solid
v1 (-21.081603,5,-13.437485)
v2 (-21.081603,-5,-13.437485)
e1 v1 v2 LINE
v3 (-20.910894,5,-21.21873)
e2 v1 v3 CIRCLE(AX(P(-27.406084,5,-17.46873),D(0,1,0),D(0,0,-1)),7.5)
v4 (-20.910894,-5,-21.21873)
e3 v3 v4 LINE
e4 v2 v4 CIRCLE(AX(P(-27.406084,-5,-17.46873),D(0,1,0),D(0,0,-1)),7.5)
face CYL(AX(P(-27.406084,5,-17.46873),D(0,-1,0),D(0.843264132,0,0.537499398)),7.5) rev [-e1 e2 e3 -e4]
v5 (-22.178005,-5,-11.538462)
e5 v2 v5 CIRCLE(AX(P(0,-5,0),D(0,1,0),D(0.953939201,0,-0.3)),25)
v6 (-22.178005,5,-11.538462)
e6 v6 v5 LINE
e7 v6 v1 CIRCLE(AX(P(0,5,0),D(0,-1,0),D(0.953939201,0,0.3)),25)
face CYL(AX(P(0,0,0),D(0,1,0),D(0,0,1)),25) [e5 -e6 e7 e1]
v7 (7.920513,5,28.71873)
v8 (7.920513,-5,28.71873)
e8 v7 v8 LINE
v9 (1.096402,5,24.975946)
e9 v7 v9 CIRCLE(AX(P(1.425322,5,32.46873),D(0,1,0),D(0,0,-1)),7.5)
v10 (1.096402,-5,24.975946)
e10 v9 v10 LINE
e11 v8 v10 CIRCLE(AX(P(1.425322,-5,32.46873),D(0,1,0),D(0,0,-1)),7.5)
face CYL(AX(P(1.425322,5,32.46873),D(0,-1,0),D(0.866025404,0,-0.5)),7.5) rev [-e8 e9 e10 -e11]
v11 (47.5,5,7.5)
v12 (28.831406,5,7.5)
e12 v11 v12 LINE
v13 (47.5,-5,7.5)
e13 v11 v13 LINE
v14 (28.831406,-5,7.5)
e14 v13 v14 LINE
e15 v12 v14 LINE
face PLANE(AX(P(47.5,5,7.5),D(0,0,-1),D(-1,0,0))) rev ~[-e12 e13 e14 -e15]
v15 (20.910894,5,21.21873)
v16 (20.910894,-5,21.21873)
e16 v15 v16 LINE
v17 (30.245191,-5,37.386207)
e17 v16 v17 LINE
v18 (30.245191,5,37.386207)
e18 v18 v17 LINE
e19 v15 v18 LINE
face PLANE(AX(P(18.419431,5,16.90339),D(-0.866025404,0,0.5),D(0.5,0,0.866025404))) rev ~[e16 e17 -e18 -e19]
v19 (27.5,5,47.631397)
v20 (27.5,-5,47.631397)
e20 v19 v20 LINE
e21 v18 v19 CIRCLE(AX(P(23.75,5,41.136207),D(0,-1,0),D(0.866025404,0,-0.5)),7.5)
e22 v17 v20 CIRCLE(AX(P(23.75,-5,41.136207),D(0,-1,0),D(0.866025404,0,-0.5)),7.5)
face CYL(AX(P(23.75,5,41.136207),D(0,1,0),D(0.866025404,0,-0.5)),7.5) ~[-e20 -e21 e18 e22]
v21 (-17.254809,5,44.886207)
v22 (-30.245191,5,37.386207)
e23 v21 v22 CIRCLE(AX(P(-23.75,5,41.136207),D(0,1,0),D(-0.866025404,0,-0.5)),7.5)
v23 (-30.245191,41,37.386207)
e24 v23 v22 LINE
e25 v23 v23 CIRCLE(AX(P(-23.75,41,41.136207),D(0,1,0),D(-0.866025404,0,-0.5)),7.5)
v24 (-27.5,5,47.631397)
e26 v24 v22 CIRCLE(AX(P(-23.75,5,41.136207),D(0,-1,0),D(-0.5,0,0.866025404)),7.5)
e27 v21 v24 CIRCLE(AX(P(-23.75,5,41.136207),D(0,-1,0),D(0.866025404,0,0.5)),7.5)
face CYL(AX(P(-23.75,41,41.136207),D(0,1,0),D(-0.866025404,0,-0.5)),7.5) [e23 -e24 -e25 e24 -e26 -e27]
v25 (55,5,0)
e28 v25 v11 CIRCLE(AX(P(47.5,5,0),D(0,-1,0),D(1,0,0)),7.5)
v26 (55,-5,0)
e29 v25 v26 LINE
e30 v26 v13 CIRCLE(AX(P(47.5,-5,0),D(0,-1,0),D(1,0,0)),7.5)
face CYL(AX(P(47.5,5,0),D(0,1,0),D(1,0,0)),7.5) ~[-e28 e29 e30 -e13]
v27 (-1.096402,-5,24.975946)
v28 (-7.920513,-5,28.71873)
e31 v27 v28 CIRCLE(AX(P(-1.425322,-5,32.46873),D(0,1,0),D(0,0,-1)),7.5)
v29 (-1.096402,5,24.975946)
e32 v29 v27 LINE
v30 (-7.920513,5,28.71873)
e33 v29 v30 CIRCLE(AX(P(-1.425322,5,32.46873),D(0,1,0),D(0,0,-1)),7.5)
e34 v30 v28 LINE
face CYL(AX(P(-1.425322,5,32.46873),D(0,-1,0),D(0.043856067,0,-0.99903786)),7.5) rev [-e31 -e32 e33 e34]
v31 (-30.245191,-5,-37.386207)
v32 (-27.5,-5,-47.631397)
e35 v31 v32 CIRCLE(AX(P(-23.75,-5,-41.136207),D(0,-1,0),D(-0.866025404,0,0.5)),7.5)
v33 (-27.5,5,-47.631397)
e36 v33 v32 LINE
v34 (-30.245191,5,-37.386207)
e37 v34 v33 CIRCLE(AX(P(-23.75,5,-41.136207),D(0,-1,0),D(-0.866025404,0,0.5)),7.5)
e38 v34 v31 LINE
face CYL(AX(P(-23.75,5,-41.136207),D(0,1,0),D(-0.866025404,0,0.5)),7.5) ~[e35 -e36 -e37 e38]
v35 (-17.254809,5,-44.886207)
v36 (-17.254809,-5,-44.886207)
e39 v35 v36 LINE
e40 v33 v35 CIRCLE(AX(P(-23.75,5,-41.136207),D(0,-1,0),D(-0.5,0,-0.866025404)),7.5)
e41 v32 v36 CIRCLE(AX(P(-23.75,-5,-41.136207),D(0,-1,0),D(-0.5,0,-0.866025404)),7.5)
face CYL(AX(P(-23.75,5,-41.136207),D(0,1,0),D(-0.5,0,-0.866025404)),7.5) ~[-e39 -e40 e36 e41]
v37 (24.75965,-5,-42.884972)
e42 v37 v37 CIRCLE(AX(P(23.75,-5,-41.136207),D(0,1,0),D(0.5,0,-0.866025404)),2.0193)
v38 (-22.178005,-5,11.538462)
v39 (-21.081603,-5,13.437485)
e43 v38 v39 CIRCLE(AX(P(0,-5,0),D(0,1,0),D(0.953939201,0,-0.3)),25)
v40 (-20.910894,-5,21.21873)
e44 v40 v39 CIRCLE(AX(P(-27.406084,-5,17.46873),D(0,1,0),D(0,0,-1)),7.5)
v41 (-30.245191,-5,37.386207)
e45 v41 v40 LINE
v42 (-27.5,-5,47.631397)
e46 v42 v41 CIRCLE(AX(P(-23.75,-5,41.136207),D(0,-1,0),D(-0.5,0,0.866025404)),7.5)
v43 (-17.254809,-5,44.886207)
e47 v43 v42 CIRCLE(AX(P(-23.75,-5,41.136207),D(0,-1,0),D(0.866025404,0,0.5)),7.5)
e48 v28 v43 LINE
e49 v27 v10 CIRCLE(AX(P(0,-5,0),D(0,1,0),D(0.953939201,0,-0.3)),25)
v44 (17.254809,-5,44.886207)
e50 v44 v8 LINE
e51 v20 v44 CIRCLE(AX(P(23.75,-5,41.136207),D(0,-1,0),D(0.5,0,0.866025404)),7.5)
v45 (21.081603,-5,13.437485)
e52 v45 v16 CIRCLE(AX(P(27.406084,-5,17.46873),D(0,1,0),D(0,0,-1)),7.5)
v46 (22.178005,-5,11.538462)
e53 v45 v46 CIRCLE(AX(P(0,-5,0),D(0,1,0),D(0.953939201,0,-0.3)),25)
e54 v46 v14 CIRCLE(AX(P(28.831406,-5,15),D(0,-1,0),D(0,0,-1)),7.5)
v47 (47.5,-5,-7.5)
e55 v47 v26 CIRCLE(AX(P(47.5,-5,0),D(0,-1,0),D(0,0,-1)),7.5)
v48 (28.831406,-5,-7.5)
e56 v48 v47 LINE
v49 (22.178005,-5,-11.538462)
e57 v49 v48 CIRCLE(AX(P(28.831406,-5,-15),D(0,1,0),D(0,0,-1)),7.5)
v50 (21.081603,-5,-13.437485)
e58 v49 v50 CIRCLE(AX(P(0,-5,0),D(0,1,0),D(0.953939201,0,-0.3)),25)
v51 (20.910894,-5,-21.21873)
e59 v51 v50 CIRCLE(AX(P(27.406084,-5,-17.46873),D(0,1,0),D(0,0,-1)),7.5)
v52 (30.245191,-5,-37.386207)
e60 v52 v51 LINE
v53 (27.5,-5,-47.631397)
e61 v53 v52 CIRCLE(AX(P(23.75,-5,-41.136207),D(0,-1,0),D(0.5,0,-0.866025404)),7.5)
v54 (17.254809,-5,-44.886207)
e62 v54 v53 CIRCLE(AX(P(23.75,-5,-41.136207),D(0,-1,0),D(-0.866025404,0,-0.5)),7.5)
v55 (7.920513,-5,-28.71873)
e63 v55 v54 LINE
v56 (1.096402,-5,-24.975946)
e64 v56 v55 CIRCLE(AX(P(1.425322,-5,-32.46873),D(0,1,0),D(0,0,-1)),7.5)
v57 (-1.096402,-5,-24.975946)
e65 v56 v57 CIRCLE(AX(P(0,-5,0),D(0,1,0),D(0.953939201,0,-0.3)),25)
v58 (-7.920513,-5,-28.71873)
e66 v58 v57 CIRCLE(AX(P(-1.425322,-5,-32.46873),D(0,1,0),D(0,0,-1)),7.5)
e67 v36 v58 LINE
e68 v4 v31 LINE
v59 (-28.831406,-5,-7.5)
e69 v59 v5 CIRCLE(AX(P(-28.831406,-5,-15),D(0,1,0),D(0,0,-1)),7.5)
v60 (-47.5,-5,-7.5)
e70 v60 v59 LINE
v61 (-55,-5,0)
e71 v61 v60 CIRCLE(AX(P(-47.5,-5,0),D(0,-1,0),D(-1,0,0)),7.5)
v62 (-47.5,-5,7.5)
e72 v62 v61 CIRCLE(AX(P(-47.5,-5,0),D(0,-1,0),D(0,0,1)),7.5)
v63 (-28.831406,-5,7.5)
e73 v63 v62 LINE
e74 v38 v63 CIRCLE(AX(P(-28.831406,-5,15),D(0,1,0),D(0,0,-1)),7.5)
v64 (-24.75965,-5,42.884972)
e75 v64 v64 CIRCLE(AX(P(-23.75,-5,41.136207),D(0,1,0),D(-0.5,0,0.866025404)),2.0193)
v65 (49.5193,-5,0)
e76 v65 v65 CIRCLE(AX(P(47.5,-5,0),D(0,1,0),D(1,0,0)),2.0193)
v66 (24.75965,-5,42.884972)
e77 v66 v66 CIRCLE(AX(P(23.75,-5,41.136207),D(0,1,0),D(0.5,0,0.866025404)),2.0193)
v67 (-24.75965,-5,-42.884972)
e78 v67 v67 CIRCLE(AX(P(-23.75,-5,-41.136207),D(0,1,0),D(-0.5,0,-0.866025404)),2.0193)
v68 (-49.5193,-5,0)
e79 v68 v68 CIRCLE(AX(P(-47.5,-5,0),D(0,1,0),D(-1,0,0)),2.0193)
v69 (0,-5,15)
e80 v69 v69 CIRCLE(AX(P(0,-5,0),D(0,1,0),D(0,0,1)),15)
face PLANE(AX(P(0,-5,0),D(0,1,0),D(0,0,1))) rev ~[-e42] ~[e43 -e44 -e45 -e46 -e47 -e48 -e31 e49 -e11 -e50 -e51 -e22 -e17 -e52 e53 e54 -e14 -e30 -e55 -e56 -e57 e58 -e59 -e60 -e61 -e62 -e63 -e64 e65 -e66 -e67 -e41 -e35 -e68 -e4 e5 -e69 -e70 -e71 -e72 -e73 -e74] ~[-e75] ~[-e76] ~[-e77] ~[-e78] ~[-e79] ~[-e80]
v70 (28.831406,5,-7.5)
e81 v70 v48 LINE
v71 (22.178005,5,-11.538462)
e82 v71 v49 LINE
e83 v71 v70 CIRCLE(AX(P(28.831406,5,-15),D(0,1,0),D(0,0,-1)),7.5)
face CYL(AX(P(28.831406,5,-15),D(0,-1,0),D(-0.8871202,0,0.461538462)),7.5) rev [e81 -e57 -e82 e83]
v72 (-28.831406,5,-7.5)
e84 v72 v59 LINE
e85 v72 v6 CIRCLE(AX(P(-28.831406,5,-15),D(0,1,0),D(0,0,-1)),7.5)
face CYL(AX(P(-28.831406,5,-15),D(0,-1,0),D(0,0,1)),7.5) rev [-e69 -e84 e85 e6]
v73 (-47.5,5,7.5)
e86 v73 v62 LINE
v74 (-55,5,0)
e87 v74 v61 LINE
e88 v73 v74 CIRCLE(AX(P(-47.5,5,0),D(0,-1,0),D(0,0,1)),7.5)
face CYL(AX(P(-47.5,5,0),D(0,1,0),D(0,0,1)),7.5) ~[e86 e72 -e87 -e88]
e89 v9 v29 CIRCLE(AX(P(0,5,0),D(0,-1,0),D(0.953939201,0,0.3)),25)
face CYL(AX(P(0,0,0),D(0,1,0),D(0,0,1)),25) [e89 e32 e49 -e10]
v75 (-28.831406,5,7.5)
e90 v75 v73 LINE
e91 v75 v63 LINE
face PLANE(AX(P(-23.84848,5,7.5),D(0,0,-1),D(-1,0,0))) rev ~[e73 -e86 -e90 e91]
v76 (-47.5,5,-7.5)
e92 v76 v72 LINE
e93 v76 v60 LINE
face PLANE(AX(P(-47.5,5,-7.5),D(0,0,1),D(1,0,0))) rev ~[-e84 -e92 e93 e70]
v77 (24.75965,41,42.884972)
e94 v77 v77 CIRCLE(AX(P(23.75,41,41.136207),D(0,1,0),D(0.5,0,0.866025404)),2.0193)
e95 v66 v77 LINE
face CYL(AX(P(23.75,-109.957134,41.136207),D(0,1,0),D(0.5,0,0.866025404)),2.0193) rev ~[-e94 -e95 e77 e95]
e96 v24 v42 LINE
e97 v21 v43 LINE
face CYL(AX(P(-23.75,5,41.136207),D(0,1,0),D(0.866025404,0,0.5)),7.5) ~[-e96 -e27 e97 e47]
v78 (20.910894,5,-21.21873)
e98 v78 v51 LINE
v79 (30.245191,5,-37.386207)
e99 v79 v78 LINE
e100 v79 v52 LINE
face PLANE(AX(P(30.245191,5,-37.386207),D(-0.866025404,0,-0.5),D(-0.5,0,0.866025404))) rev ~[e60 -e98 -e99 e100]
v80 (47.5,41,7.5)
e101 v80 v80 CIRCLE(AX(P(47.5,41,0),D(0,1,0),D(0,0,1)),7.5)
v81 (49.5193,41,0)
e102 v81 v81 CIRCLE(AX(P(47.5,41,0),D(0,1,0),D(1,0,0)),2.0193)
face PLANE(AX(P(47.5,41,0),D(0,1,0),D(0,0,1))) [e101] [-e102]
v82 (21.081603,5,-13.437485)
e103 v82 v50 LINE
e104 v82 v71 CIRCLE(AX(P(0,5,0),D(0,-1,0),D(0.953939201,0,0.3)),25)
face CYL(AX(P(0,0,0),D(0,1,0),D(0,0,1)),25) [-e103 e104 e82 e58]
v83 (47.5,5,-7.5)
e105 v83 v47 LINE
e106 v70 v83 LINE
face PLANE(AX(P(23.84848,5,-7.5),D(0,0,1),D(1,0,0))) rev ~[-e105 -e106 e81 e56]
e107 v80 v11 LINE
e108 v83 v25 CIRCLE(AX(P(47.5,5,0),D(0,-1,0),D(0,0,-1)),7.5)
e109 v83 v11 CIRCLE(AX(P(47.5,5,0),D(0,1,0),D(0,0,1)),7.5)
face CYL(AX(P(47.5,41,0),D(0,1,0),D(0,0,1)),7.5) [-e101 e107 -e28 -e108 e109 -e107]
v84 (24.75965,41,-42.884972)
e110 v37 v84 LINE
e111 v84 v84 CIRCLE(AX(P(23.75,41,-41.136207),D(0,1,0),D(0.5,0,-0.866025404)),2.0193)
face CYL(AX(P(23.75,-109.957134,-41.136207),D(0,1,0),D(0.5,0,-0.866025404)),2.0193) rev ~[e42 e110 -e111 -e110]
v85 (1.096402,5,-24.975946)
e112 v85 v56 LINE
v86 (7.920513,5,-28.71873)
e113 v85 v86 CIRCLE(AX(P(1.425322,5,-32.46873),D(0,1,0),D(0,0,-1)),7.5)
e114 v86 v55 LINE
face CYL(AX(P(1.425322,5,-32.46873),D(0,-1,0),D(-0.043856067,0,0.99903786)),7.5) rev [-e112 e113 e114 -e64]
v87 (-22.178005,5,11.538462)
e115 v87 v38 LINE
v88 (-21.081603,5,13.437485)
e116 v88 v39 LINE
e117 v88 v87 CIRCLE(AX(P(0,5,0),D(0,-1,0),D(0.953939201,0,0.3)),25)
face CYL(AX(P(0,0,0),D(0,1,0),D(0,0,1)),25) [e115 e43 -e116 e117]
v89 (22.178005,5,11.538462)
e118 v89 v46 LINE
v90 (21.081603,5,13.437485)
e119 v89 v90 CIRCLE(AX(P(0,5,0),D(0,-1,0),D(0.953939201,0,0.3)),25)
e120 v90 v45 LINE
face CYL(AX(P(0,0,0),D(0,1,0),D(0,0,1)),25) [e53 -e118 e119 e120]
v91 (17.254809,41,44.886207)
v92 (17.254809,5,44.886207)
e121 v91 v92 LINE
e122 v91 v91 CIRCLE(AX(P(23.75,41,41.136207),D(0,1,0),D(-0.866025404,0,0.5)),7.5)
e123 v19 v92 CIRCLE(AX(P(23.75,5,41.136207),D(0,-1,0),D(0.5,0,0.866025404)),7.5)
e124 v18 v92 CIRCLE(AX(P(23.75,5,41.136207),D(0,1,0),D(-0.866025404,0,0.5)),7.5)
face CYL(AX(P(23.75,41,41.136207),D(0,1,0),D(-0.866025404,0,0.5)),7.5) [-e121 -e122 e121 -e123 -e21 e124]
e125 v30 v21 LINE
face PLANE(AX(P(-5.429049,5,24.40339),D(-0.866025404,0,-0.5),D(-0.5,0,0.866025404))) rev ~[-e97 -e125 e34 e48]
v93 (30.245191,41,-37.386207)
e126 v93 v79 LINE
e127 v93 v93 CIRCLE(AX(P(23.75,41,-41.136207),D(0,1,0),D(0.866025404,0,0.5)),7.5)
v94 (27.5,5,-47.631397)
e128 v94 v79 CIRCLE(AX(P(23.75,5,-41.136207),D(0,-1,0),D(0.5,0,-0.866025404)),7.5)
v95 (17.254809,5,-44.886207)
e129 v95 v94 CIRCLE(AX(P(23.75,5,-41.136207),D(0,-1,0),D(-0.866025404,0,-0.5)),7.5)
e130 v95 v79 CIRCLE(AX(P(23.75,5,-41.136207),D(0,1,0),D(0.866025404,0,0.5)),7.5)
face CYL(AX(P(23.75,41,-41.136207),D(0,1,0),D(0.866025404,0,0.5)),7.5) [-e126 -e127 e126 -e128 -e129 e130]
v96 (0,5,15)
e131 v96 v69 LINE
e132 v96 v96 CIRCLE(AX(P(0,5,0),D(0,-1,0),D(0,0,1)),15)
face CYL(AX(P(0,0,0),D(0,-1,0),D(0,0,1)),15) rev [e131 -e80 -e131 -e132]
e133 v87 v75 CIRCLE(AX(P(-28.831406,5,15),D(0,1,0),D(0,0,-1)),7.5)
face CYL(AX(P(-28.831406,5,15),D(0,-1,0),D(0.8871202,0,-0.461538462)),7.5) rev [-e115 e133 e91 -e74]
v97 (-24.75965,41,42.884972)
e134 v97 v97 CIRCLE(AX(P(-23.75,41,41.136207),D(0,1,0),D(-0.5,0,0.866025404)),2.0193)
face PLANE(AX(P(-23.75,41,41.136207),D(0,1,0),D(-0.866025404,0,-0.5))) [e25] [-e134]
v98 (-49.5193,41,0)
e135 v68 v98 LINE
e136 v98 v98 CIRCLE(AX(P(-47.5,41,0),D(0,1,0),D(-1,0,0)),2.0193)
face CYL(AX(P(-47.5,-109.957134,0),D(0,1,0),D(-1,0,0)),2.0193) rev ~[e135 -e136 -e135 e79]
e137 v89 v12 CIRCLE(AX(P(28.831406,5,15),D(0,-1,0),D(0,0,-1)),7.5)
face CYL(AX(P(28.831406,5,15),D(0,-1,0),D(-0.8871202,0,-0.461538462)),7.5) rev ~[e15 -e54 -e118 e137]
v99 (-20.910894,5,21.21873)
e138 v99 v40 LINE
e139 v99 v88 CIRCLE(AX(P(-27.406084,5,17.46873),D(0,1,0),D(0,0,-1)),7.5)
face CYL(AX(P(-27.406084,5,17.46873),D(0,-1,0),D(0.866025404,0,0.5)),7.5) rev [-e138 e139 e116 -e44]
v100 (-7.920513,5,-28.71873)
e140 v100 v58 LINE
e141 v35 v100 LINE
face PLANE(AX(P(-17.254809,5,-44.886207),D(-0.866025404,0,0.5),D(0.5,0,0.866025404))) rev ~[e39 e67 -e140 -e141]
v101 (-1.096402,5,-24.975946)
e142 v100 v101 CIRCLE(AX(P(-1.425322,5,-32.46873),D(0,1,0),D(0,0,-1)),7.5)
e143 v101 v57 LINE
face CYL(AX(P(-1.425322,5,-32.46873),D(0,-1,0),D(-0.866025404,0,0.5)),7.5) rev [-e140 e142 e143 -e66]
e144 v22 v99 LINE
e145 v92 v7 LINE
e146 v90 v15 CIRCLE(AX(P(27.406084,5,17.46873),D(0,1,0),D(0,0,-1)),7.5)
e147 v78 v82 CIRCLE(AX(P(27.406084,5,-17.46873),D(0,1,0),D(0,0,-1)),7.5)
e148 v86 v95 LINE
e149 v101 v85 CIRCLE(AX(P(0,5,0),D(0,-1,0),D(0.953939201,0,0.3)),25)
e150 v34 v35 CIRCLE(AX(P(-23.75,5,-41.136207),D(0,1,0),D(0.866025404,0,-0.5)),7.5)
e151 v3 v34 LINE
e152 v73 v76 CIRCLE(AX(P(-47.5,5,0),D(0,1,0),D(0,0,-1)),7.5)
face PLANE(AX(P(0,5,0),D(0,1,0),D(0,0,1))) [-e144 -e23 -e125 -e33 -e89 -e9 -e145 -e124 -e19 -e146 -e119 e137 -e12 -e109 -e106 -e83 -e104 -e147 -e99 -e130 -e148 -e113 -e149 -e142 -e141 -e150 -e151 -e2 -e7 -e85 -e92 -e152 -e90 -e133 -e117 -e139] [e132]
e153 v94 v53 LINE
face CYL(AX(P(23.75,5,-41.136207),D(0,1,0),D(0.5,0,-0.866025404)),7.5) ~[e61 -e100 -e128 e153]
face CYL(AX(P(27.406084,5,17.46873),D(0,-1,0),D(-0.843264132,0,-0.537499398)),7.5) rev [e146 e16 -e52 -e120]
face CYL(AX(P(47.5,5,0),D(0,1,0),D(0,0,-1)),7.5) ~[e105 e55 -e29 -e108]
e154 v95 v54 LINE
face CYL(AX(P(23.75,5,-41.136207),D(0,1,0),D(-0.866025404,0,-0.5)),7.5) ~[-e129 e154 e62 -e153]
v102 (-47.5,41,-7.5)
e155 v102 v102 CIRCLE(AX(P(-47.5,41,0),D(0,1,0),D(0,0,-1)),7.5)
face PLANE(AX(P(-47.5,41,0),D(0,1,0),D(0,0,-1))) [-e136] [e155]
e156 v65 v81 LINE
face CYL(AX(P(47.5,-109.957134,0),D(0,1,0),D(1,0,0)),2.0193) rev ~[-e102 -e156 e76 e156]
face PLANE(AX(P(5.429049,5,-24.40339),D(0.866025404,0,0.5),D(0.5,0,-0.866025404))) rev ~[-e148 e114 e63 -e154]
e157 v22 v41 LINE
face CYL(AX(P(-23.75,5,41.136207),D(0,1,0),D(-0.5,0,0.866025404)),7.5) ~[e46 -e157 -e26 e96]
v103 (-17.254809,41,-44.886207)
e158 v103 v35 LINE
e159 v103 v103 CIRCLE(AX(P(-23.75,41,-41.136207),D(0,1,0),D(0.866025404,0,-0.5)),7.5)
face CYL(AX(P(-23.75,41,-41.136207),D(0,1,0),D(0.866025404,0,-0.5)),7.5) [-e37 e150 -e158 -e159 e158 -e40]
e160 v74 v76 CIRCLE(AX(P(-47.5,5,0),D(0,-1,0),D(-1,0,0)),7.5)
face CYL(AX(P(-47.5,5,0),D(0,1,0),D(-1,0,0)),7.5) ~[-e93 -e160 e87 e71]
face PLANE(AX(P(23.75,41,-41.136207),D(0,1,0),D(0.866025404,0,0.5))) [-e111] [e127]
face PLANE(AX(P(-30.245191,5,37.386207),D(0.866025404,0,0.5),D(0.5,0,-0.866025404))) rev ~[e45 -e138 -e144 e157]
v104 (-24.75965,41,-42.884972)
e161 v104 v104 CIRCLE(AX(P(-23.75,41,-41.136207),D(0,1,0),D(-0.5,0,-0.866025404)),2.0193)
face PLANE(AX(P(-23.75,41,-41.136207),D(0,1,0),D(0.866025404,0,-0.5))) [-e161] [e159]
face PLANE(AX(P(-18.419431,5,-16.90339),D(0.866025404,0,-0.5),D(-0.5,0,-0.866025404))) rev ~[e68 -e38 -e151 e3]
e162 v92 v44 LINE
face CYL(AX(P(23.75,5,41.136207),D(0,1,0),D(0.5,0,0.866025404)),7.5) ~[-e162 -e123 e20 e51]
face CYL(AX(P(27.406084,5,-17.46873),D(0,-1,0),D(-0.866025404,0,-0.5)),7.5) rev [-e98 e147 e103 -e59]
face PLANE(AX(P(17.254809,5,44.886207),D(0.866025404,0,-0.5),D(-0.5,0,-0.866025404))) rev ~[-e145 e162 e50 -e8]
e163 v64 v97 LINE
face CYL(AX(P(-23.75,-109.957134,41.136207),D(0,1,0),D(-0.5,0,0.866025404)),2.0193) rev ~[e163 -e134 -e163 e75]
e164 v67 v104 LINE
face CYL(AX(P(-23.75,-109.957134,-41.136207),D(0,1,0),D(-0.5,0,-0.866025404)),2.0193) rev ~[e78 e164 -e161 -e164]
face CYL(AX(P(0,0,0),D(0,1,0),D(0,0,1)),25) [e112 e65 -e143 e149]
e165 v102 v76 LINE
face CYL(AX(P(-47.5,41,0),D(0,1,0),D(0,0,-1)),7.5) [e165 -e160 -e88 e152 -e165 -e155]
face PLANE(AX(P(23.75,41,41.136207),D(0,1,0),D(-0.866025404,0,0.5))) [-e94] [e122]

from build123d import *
from build123d.topology import SkipClean

# Parameters (mm, degrees)
SKETCH1_R                  = 25
SKETCH1_R_2                = 15
BOSS_EXTRUDE1_DEPTH        = 5
BOSS_EXTRUDE2_START        = -10
BOSS_EXTRUDE2_DEPTH        = 10
BOSS_EXTRUDE4_START        = 36
SKETCH8_R                  = 7.5
BOSS_EXTRUDE4_DEPTH        = 36
TAP_DRILL_FOR_10_32_TAP1_D = 4.0386
CIRPATTERN2_COUNT          = 6
FILLET1_R                  = 7.5


with BuildPart() as part:
    # Sketch1 → Boss-Extrude1 (new, symmetric)
    with BuildSketch(Plane(origin=(0, 0, 0), x_dir=(1, 0, 0), z_dir=(0, 1, 0))):
        with Locations(Location((0, 0, 0), (0, 0, 270))):
            Circle(SKETCH1_R)
        with Locations(Location((0, 0, 0), (0, 0, 270))):
            Circle(SKETCH1_R_2, mode=Mode.SUBTRACT)
    boss_extrude1 = extrude(amount=BOSS_EXTRUDE1_DEPTH, both=True)

    # Sketch2 → Boss-Extrude2 (add)
    with BuildSketch(Plane.XZ.offset(5).offset(BOSS_EXTRUDE2_START)):
        with BuildLine():
            ThreePointArc((55, 0), (52.803300859, 5.303300859), (47.5, 7.5))
            Line((47.5, 7.5), (23.848480035, 7.5))
            ThreePointArc((23.848480035, 7.5), (24.710443145, 3.793942482), (25, 0))
            ThreePointArc((25, 0), (24.710443145, -3.793942482), (23.848480035, -7.5))
            Line((23.848480035, -7.5), (47.5, -7.5))
            ThreePointArc((47.5, -7.5), (52.803300859, -5.303300859), (55, 0))
        make_face()
    boss_extrude2 = extrude(amount=BOSS_EXTRUDE2_DEPTH)

    # Sketch8 → Boss-Extrude4 (add)
    with SkipClean():  # the faces are left unmerged after this step: merging them gives an invalid solid
        with BuildSketch(Plane(origin=(0, 5, 0), x_dir=(1, 0, 0), z_dir=(0, 1, 0)).offset(BOSS_EXTRUDE4_START)):
            with Locations(Location((47.5, 0, 0), (0, 0, 270))):
                Circle(SKETCH8_R)
        boss_extrude4 = extrude(amount=-BOSS_EXTRUDE4_DEPTH)

    # Tap Drill for #10-32 Tap1 (through all)
    with Locations(Plane(origin=(0, -5, 0), x_dir=(-1, 0, 0), z_dir=(0, -1, 0))):
        with Locations((-47.5, 0)):
            tap_drill_for_10_32_tap1 = Hole(TAP_DRILL_FOR_10_32_TAP1_D / 2)

    # CirPattern2: Boss-Extrude1, Boss-Extrude2, Boss-Extrude4, Tap Drill for #10-32 Tap1 ×6 about axis
    cirpattern2_axis = Axis((0, 0, 0), (0, 1, 0))
    add([boss_extrude1.rotate(cirpattern2_axis, i * 360 / CIRPATTERN2_COUNT) for i in range(1, CIRPATTERN2_COUNT)])
    add([boss_extrude2.rotate(cirpattern2_axis, i * 360 / CIRPATTERN2_COUNT) for i in range(1, CIRPATTERN2_COUNT)])
    add([boss_extrude4.rotate(cirpattern2_axis, i * 360 / CIRPATTERN2_COUNT) for i in range(1, CIRPATTERN2_COUNT)])
    add([tap_drill_for_10_32_tap1.rotate(cirpattern2_axis, i * 360 / CIRPATTERN2_COUNT) for i in range(1, CIRPATTERN2_COUNT)], mode=Mode.SUBTRACT)

    # Fillet1
    fillet1_edges = [part.edges().sort_by_distance(p)[0] for p in [
        (23.848480035, 0, -7.5),
        (23.848480035, 0, 7.5),
        (18.419430546, 0, 16.903389552),
        (5.429049489, 0, 24.403389552),
        (-5.429049489, 0, 24.403389552),
        (-18.419430546, 0, 16.903389552),
        (-23.848480035, 0, 7.5),
        (-23.848480035, 0, -7.5),
        (-18.419430546, 0, -16.903389552),
        (-5.429049489, 0, -24.403389552),
        (5.429049489, 0, -24.403389552),
        (18.419430546, 0, -16.903389552),
    ]]
    fillet(fillet1_edges, radius=FILLET1_R)


solid = part.part
